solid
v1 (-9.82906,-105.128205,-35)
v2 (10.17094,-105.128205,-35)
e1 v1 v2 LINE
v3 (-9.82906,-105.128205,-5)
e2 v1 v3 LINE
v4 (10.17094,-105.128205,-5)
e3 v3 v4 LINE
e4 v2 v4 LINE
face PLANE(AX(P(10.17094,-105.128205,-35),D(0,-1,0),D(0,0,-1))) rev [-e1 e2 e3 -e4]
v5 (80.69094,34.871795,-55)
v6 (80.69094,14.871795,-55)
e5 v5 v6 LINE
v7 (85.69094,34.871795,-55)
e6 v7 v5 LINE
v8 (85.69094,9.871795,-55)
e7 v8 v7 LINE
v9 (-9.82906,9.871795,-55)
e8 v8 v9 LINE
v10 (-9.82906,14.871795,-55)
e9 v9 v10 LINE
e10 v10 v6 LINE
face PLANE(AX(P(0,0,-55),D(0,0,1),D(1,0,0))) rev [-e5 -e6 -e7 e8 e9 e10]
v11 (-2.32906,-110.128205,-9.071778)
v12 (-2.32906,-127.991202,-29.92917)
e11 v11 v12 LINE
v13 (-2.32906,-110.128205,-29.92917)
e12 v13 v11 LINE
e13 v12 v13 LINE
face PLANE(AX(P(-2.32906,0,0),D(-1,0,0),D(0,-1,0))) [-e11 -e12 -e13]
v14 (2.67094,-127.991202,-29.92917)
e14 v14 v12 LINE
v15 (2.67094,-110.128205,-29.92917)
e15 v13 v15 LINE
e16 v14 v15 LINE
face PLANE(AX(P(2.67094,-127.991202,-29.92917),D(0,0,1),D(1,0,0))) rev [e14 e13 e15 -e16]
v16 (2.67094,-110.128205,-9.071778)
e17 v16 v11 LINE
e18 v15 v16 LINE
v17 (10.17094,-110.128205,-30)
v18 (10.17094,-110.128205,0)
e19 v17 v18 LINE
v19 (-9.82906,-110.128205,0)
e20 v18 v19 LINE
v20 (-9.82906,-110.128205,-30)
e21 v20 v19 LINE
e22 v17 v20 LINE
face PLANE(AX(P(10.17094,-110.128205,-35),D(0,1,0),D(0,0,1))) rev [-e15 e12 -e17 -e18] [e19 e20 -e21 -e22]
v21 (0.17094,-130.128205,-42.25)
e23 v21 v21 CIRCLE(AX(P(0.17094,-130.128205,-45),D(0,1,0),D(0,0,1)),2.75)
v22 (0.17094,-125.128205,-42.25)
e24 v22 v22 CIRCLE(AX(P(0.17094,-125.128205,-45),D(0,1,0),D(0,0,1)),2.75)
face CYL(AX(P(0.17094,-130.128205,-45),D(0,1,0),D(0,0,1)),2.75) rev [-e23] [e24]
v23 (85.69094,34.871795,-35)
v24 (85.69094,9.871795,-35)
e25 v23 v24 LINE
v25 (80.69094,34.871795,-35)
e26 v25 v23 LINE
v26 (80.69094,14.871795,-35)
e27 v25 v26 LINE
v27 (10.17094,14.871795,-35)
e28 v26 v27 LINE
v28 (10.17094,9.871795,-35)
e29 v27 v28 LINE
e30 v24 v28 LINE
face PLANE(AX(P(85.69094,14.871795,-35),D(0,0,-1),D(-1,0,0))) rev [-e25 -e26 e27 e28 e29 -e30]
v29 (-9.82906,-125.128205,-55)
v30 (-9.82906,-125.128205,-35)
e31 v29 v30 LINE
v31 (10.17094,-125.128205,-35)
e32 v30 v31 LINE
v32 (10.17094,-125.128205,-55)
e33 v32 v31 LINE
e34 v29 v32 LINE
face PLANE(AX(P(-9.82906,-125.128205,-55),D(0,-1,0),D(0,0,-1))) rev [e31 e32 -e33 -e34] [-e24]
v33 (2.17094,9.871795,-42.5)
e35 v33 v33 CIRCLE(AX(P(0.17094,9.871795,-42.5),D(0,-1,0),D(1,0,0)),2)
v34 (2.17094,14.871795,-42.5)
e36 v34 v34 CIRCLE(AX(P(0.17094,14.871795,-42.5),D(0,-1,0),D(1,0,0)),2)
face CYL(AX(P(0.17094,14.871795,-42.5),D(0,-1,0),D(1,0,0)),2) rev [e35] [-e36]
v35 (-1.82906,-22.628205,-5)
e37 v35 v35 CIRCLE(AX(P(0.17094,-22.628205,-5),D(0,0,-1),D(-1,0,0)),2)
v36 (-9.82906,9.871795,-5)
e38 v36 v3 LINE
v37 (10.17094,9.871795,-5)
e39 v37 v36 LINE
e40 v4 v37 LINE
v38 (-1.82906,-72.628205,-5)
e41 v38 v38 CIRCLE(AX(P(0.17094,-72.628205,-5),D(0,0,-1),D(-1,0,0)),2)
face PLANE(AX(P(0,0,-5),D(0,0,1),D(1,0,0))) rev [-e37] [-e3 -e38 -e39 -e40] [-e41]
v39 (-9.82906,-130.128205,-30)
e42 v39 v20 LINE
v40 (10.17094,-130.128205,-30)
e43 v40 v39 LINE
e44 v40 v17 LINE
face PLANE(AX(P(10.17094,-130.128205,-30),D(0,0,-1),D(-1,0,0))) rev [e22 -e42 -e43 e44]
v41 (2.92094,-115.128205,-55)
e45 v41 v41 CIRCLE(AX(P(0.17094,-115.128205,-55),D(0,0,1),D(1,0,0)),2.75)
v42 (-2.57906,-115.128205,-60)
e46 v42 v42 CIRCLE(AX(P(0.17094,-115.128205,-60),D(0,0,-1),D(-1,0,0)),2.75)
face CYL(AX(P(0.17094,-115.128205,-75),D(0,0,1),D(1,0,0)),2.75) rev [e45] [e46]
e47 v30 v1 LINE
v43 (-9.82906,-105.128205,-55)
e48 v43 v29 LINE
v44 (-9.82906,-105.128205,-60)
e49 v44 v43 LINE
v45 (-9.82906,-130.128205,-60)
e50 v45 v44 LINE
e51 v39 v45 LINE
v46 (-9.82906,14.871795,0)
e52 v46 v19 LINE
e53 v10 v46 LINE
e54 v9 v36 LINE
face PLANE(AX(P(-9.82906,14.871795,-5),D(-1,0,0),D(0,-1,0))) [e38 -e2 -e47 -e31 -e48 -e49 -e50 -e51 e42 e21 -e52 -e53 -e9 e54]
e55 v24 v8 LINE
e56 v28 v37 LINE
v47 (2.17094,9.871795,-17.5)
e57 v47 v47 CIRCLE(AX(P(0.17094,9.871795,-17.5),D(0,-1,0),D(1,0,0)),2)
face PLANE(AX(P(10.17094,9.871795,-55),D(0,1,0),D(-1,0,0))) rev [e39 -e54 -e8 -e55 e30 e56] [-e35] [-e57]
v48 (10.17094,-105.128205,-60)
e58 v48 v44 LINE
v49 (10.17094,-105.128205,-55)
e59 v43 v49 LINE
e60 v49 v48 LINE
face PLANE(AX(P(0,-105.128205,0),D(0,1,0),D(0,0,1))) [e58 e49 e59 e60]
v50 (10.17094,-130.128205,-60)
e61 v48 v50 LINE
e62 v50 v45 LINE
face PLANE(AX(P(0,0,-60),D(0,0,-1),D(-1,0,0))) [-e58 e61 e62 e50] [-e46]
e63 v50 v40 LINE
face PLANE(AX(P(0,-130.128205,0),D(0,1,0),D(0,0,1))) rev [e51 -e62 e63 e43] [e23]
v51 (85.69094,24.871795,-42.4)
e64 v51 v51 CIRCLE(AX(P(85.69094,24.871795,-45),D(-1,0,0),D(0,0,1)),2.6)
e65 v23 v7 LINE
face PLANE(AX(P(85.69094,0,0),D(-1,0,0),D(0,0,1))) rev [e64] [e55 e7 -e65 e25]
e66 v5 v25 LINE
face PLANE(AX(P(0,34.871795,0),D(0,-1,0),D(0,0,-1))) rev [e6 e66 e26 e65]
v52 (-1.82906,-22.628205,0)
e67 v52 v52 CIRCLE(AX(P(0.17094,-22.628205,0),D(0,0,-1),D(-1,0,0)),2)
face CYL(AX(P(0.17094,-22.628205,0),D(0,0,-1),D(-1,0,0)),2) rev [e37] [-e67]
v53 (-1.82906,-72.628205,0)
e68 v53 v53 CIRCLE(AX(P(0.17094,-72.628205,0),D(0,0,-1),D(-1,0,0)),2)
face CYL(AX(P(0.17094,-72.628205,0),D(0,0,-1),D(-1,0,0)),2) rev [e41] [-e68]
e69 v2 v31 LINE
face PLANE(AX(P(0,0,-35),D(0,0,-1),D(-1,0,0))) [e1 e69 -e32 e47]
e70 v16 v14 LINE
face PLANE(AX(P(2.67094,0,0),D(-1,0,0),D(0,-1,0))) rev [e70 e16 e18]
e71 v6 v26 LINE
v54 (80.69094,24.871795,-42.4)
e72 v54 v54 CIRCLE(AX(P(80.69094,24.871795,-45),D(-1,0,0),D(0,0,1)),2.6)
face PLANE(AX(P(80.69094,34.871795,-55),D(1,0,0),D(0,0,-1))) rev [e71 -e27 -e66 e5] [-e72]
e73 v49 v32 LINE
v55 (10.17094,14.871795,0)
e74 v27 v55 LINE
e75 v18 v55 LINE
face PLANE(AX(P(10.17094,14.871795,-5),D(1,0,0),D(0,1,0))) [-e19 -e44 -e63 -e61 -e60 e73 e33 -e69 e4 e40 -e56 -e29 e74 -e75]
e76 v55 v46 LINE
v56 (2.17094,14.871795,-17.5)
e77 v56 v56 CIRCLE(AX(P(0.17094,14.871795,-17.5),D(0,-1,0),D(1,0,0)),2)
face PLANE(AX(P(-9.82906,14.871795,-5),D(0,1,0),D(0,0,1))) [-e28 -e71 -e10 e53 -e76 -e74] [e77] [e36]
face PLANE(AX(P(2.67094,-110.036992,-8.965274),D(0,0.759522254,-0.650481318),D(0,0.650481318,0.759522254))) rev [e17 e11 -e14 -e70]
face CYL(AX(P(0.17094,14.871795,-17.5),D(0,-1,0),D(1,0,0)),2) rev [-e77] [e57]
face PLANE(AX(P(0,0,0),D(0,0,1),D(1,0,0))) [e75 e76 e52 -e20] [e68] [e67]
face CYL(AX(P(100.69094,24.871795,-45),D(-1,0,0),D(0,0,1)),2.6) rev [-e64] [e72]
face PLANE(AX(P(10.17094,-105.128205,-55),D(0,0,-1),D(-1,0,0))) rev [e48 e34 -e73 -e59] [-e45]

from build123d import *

# Parameters (mm, degrees)
SKETCH_1_W          = 20
SKETCH_1_H          = 145
EXTRUDE_1_DEPTH     = 5
SKETCH_3_W          = 20
SKETCH_3_H          = 5
EXTRUDE_2_DEPTH     = 50
SKETCH_4_W          = 20
SKETCH_4_H          = 5
EXTRUDE_3_DEPTH     = 30
SKETCH_5_W          = 20
SKETCH_5_H          = 20
CUT_EXTRUDE_1_DEPTH = 30
SKETCH_6_W          = 20
SKETCH_6_H          = 5
EXTRUDE_4_DEPTH     = 20
SKETCH_7_W          = 20
SKETCH_7_H          = 5
EXTRUDE_5_DEPTH     = 20
EXTRUDE_6_DEPTH     = 2.5
SKETCH_10_R         = 2
CUT_EXTRUDE_2_DEPTH = 5
SKETCH_11_R         = 2
CUT_EXTRUDE_3_DEPTH = 5
SKETCH_12_R         = 2.75
CUT_EXTRUDE_4_DEPTH = 5
SKETCH_13_W         = 20
SKETCH_13_H         = 5
EXTRUDE_7_DEPTH     = 5
SKETCH_14_W         = 20
SKETCH_14_H         = 5
EXTRUDE_8_DEPTH     = 20
SKETCH_15_R         = 2.75
CUT_EXTRUDE_5_DEPTH = 20
SKETCH_16_W         = 20
SKETCH_16_H         = 5
EXTRUDE_9_DEPTH     = 75.52
SKETCH_17_W         = 5
SKETCH_17_H         = 20
EXTRUDE_10_DEPTH    = 20
SKETCH_18_R         = 2.6
CUT_EXTRUDE_6_DEPTH = 20


with BuildPart() as part:
    # 草图1 → 凸台-拉伸1 (new body)
    with BuildSketch(Plane.XY):
        with Locations((0.170940171, -57.628205128)):
            Rectangle(SKETCH_1_W, SKETCH_1_H)
    extrude(amount=-EXTRUDE_1_DEPTH)

    # 草图3 → 凸台-拉伸2 (add)
    with BuildSketch(Plane(origin=(0, 0, -5), x_dir=(-1, 0, 0), z_dir=(0, 0, -1))):
        with Locations((-0.170940171, 12.371794872)):
            Rectangle(SKETCH_3_W, SKETCH_3_H)
    extrude(amount=EXTRUDE_2_DEPTH)

    # 草图4 → 凸台-拉伸3 (add)
    with BuildSketch(Plane(origin=(0, 0, -5), x_dir=(-1, 0, 0), z_dir=(0, 0, -1))):
        with Locations((-0.170940171, -107.628205128)):
            Rectangle(SKETCH_4_W, SKETCH_4_H)
    extrude(amount=EXTRUDE_3_DEPTH)

    # 草图5 → 切除-拉伸1 (cut)
    with BuildSketch(Plane(origin=(0, 0, -5), x_dir=(-1, 0, 0), z_dir=(0, 0, -1))):
        with Locations((-0.170940171, -120.128205128)):
            Rectangle(SKETCH_5_W, SKETCH_5_H)
    extrude(amount=-CUT_EXTRUDE_1_DEPTH, mode=Mode.SUBTRACT)

    # 草图6 → 凸台-拉伸4 (add)
    with BuildSketch(Plane(origin=(0, -110.128205128, 0), x_dir=(-1, 0, 0), z_dir=(0, -1, 0))):
        with Locations((-0.170940171, 32.5)):
            Rectangle(SKETCH_6_W, SKETCH_6_H)
    extrude(amount=EXTRUDE_4_DEPTH)

    # 草图7 → 凸台-拉伸5 (add)
    with BuildSketch(Plane(origin=(0, 0, -35), x_dir=(-1, 0, 0), z_dir=(0, 0, -1))):
        with Locations((-0.170940171, -127.628205128)):
            Rectangle(SKETCH_7_W, SKETCH_7_H)
    extrude(amount=EXTRUDE_5_DEPTH)

    # 草图9 → 凸台-拉伸6 (add, symmetric)
    with BuildSketch(Plane(origin=(0.170940171, 0, 0), x_dir=(0, 0, -1), z_dir=(1, 0, 0))):
        Polygon((8.965273833, -110.036991646), (29.929169638, -127.991202337), (29.929169638, -110.036991646), align=None)
    extrude(amount=EXTRUDE_6_DEPTH, both=True)

    # 草图10 → 切除-拉伸2 (cut)
    with BuildSketch(Plane.XZ.offset(-9.871794872)):
        with Locations((0.170940171, -17.5)):
            Circle(SKETCH_10_R)
        with Locations((0.170940171, -42.5)):
            Circle(SKETCH_10_R)
    extrude(amount=-CUT_EXTRUDE_2_DEPTH, mode=Mode.SUBTRACT)

    # 草图11 → 切除-拉伸3 (cut)
    with BuildSketch(Plane(origin=(0, 0, -5), x_dir=(-1, 0, 0), z_dir=(0, 0, -1))):
        with Locations((-0.170940171, -22.628205128)):
            Circle(SKETCH_11_R)
        with Locations((-0.170940171, -72.628205128)):
            Circle(SKETCH_11_R)
    extrude(amount=-CUT_EXTRUDE_3_DEPTH, mode=Mode.SUBTRACT)

    # 草图12 → 切除-拉伸4 (cut)
    with BuildSketch(Plane(origin=(0, -125.128205128, 0), x_dir=(1, 0, 0), z_dir=(0, 1, 0))):
        with Locations((0.170940171, 45)):
            Circle(SKETCH_12_R)
    extrude(amount=-CUT_EXTRUDE_4_DEPTH, mode=Mode.SUBTRACT)

    # 草图13 → 凸台-拉伸7 (add)
    with BuildSketch(Plane(origin=(0, 0, -55), x_dir=(-1, 0, 0), z_dir=(0, 0, -1))):
        with Locations((-0.170940171, -127.628205128)):
            Rectangle(SKETCH_13_W, SKETCH_13_H)
    extrude(amount=EXTRUDE_7_DEPTH)

    # 草图14 → 凸台-拉伸8 (add)
    with BuildSketch(Plane(origin=(0, -125.128205128, 0), x_dir=(1, 0, 0), z_dir=(0, 1, 0))):
        with Locations((0.170940171, 57.5)):
            Rectangle(SKETCH_14_W, SKETCH_14_H)
    extrude(amount=EXTRUDE_8_DEPTH)

    # 草图15 → 切除-拉伸5 (cut)
    with BuildSketch(Plane.XY.offset(-55)):
        with Locations((0.170940171, -115.12820513)):
            Circle(SKETCH_15_R)
    extrude(amount=-CUT_EXTRUDE_5_DEPTH, mode=Mode.SUBTRACT)

    # 草图16 → 凸台-拉伸9 (add)
    with BuildSketch(Plane(origin=(10.170940171, 0, 0), x_dir=(0, 0, -1), z_dir=(1, 0, 0))):
        with Locations((45, 12.371794872)):
            Rectangle(SKETCH_16_W, SKETCH_16_H)
    extrude(amount=EXTRUDE_9_DEPTH)

    # 草图17 → 凸台-拉伸10 (add)
    with BuildSketch(Plane(origin=(0, 14.871794872, 0), x_dir=(1, 0, 0), z_dir=(0, 1, 0))):
        with Locations((83.190940171, 45)):
            Rectangle(SKETCH_17_W, SKETCH_17_H)
    extrude(amount=EXTRUDE_10_DEPTH)

    # 草图18 → 切除-拉伸6 (cut)
    with BuildSketch(Plane.ZY.offset(-80.690940171)):
        with Locations((-45, 24.871794872)):
            Circle(SKETCH_18_R)
    extrude(amount=-CUT_EXTRUDE_6_DEPTH, mode=Mode.SUBTRACT)


solid = part.part
